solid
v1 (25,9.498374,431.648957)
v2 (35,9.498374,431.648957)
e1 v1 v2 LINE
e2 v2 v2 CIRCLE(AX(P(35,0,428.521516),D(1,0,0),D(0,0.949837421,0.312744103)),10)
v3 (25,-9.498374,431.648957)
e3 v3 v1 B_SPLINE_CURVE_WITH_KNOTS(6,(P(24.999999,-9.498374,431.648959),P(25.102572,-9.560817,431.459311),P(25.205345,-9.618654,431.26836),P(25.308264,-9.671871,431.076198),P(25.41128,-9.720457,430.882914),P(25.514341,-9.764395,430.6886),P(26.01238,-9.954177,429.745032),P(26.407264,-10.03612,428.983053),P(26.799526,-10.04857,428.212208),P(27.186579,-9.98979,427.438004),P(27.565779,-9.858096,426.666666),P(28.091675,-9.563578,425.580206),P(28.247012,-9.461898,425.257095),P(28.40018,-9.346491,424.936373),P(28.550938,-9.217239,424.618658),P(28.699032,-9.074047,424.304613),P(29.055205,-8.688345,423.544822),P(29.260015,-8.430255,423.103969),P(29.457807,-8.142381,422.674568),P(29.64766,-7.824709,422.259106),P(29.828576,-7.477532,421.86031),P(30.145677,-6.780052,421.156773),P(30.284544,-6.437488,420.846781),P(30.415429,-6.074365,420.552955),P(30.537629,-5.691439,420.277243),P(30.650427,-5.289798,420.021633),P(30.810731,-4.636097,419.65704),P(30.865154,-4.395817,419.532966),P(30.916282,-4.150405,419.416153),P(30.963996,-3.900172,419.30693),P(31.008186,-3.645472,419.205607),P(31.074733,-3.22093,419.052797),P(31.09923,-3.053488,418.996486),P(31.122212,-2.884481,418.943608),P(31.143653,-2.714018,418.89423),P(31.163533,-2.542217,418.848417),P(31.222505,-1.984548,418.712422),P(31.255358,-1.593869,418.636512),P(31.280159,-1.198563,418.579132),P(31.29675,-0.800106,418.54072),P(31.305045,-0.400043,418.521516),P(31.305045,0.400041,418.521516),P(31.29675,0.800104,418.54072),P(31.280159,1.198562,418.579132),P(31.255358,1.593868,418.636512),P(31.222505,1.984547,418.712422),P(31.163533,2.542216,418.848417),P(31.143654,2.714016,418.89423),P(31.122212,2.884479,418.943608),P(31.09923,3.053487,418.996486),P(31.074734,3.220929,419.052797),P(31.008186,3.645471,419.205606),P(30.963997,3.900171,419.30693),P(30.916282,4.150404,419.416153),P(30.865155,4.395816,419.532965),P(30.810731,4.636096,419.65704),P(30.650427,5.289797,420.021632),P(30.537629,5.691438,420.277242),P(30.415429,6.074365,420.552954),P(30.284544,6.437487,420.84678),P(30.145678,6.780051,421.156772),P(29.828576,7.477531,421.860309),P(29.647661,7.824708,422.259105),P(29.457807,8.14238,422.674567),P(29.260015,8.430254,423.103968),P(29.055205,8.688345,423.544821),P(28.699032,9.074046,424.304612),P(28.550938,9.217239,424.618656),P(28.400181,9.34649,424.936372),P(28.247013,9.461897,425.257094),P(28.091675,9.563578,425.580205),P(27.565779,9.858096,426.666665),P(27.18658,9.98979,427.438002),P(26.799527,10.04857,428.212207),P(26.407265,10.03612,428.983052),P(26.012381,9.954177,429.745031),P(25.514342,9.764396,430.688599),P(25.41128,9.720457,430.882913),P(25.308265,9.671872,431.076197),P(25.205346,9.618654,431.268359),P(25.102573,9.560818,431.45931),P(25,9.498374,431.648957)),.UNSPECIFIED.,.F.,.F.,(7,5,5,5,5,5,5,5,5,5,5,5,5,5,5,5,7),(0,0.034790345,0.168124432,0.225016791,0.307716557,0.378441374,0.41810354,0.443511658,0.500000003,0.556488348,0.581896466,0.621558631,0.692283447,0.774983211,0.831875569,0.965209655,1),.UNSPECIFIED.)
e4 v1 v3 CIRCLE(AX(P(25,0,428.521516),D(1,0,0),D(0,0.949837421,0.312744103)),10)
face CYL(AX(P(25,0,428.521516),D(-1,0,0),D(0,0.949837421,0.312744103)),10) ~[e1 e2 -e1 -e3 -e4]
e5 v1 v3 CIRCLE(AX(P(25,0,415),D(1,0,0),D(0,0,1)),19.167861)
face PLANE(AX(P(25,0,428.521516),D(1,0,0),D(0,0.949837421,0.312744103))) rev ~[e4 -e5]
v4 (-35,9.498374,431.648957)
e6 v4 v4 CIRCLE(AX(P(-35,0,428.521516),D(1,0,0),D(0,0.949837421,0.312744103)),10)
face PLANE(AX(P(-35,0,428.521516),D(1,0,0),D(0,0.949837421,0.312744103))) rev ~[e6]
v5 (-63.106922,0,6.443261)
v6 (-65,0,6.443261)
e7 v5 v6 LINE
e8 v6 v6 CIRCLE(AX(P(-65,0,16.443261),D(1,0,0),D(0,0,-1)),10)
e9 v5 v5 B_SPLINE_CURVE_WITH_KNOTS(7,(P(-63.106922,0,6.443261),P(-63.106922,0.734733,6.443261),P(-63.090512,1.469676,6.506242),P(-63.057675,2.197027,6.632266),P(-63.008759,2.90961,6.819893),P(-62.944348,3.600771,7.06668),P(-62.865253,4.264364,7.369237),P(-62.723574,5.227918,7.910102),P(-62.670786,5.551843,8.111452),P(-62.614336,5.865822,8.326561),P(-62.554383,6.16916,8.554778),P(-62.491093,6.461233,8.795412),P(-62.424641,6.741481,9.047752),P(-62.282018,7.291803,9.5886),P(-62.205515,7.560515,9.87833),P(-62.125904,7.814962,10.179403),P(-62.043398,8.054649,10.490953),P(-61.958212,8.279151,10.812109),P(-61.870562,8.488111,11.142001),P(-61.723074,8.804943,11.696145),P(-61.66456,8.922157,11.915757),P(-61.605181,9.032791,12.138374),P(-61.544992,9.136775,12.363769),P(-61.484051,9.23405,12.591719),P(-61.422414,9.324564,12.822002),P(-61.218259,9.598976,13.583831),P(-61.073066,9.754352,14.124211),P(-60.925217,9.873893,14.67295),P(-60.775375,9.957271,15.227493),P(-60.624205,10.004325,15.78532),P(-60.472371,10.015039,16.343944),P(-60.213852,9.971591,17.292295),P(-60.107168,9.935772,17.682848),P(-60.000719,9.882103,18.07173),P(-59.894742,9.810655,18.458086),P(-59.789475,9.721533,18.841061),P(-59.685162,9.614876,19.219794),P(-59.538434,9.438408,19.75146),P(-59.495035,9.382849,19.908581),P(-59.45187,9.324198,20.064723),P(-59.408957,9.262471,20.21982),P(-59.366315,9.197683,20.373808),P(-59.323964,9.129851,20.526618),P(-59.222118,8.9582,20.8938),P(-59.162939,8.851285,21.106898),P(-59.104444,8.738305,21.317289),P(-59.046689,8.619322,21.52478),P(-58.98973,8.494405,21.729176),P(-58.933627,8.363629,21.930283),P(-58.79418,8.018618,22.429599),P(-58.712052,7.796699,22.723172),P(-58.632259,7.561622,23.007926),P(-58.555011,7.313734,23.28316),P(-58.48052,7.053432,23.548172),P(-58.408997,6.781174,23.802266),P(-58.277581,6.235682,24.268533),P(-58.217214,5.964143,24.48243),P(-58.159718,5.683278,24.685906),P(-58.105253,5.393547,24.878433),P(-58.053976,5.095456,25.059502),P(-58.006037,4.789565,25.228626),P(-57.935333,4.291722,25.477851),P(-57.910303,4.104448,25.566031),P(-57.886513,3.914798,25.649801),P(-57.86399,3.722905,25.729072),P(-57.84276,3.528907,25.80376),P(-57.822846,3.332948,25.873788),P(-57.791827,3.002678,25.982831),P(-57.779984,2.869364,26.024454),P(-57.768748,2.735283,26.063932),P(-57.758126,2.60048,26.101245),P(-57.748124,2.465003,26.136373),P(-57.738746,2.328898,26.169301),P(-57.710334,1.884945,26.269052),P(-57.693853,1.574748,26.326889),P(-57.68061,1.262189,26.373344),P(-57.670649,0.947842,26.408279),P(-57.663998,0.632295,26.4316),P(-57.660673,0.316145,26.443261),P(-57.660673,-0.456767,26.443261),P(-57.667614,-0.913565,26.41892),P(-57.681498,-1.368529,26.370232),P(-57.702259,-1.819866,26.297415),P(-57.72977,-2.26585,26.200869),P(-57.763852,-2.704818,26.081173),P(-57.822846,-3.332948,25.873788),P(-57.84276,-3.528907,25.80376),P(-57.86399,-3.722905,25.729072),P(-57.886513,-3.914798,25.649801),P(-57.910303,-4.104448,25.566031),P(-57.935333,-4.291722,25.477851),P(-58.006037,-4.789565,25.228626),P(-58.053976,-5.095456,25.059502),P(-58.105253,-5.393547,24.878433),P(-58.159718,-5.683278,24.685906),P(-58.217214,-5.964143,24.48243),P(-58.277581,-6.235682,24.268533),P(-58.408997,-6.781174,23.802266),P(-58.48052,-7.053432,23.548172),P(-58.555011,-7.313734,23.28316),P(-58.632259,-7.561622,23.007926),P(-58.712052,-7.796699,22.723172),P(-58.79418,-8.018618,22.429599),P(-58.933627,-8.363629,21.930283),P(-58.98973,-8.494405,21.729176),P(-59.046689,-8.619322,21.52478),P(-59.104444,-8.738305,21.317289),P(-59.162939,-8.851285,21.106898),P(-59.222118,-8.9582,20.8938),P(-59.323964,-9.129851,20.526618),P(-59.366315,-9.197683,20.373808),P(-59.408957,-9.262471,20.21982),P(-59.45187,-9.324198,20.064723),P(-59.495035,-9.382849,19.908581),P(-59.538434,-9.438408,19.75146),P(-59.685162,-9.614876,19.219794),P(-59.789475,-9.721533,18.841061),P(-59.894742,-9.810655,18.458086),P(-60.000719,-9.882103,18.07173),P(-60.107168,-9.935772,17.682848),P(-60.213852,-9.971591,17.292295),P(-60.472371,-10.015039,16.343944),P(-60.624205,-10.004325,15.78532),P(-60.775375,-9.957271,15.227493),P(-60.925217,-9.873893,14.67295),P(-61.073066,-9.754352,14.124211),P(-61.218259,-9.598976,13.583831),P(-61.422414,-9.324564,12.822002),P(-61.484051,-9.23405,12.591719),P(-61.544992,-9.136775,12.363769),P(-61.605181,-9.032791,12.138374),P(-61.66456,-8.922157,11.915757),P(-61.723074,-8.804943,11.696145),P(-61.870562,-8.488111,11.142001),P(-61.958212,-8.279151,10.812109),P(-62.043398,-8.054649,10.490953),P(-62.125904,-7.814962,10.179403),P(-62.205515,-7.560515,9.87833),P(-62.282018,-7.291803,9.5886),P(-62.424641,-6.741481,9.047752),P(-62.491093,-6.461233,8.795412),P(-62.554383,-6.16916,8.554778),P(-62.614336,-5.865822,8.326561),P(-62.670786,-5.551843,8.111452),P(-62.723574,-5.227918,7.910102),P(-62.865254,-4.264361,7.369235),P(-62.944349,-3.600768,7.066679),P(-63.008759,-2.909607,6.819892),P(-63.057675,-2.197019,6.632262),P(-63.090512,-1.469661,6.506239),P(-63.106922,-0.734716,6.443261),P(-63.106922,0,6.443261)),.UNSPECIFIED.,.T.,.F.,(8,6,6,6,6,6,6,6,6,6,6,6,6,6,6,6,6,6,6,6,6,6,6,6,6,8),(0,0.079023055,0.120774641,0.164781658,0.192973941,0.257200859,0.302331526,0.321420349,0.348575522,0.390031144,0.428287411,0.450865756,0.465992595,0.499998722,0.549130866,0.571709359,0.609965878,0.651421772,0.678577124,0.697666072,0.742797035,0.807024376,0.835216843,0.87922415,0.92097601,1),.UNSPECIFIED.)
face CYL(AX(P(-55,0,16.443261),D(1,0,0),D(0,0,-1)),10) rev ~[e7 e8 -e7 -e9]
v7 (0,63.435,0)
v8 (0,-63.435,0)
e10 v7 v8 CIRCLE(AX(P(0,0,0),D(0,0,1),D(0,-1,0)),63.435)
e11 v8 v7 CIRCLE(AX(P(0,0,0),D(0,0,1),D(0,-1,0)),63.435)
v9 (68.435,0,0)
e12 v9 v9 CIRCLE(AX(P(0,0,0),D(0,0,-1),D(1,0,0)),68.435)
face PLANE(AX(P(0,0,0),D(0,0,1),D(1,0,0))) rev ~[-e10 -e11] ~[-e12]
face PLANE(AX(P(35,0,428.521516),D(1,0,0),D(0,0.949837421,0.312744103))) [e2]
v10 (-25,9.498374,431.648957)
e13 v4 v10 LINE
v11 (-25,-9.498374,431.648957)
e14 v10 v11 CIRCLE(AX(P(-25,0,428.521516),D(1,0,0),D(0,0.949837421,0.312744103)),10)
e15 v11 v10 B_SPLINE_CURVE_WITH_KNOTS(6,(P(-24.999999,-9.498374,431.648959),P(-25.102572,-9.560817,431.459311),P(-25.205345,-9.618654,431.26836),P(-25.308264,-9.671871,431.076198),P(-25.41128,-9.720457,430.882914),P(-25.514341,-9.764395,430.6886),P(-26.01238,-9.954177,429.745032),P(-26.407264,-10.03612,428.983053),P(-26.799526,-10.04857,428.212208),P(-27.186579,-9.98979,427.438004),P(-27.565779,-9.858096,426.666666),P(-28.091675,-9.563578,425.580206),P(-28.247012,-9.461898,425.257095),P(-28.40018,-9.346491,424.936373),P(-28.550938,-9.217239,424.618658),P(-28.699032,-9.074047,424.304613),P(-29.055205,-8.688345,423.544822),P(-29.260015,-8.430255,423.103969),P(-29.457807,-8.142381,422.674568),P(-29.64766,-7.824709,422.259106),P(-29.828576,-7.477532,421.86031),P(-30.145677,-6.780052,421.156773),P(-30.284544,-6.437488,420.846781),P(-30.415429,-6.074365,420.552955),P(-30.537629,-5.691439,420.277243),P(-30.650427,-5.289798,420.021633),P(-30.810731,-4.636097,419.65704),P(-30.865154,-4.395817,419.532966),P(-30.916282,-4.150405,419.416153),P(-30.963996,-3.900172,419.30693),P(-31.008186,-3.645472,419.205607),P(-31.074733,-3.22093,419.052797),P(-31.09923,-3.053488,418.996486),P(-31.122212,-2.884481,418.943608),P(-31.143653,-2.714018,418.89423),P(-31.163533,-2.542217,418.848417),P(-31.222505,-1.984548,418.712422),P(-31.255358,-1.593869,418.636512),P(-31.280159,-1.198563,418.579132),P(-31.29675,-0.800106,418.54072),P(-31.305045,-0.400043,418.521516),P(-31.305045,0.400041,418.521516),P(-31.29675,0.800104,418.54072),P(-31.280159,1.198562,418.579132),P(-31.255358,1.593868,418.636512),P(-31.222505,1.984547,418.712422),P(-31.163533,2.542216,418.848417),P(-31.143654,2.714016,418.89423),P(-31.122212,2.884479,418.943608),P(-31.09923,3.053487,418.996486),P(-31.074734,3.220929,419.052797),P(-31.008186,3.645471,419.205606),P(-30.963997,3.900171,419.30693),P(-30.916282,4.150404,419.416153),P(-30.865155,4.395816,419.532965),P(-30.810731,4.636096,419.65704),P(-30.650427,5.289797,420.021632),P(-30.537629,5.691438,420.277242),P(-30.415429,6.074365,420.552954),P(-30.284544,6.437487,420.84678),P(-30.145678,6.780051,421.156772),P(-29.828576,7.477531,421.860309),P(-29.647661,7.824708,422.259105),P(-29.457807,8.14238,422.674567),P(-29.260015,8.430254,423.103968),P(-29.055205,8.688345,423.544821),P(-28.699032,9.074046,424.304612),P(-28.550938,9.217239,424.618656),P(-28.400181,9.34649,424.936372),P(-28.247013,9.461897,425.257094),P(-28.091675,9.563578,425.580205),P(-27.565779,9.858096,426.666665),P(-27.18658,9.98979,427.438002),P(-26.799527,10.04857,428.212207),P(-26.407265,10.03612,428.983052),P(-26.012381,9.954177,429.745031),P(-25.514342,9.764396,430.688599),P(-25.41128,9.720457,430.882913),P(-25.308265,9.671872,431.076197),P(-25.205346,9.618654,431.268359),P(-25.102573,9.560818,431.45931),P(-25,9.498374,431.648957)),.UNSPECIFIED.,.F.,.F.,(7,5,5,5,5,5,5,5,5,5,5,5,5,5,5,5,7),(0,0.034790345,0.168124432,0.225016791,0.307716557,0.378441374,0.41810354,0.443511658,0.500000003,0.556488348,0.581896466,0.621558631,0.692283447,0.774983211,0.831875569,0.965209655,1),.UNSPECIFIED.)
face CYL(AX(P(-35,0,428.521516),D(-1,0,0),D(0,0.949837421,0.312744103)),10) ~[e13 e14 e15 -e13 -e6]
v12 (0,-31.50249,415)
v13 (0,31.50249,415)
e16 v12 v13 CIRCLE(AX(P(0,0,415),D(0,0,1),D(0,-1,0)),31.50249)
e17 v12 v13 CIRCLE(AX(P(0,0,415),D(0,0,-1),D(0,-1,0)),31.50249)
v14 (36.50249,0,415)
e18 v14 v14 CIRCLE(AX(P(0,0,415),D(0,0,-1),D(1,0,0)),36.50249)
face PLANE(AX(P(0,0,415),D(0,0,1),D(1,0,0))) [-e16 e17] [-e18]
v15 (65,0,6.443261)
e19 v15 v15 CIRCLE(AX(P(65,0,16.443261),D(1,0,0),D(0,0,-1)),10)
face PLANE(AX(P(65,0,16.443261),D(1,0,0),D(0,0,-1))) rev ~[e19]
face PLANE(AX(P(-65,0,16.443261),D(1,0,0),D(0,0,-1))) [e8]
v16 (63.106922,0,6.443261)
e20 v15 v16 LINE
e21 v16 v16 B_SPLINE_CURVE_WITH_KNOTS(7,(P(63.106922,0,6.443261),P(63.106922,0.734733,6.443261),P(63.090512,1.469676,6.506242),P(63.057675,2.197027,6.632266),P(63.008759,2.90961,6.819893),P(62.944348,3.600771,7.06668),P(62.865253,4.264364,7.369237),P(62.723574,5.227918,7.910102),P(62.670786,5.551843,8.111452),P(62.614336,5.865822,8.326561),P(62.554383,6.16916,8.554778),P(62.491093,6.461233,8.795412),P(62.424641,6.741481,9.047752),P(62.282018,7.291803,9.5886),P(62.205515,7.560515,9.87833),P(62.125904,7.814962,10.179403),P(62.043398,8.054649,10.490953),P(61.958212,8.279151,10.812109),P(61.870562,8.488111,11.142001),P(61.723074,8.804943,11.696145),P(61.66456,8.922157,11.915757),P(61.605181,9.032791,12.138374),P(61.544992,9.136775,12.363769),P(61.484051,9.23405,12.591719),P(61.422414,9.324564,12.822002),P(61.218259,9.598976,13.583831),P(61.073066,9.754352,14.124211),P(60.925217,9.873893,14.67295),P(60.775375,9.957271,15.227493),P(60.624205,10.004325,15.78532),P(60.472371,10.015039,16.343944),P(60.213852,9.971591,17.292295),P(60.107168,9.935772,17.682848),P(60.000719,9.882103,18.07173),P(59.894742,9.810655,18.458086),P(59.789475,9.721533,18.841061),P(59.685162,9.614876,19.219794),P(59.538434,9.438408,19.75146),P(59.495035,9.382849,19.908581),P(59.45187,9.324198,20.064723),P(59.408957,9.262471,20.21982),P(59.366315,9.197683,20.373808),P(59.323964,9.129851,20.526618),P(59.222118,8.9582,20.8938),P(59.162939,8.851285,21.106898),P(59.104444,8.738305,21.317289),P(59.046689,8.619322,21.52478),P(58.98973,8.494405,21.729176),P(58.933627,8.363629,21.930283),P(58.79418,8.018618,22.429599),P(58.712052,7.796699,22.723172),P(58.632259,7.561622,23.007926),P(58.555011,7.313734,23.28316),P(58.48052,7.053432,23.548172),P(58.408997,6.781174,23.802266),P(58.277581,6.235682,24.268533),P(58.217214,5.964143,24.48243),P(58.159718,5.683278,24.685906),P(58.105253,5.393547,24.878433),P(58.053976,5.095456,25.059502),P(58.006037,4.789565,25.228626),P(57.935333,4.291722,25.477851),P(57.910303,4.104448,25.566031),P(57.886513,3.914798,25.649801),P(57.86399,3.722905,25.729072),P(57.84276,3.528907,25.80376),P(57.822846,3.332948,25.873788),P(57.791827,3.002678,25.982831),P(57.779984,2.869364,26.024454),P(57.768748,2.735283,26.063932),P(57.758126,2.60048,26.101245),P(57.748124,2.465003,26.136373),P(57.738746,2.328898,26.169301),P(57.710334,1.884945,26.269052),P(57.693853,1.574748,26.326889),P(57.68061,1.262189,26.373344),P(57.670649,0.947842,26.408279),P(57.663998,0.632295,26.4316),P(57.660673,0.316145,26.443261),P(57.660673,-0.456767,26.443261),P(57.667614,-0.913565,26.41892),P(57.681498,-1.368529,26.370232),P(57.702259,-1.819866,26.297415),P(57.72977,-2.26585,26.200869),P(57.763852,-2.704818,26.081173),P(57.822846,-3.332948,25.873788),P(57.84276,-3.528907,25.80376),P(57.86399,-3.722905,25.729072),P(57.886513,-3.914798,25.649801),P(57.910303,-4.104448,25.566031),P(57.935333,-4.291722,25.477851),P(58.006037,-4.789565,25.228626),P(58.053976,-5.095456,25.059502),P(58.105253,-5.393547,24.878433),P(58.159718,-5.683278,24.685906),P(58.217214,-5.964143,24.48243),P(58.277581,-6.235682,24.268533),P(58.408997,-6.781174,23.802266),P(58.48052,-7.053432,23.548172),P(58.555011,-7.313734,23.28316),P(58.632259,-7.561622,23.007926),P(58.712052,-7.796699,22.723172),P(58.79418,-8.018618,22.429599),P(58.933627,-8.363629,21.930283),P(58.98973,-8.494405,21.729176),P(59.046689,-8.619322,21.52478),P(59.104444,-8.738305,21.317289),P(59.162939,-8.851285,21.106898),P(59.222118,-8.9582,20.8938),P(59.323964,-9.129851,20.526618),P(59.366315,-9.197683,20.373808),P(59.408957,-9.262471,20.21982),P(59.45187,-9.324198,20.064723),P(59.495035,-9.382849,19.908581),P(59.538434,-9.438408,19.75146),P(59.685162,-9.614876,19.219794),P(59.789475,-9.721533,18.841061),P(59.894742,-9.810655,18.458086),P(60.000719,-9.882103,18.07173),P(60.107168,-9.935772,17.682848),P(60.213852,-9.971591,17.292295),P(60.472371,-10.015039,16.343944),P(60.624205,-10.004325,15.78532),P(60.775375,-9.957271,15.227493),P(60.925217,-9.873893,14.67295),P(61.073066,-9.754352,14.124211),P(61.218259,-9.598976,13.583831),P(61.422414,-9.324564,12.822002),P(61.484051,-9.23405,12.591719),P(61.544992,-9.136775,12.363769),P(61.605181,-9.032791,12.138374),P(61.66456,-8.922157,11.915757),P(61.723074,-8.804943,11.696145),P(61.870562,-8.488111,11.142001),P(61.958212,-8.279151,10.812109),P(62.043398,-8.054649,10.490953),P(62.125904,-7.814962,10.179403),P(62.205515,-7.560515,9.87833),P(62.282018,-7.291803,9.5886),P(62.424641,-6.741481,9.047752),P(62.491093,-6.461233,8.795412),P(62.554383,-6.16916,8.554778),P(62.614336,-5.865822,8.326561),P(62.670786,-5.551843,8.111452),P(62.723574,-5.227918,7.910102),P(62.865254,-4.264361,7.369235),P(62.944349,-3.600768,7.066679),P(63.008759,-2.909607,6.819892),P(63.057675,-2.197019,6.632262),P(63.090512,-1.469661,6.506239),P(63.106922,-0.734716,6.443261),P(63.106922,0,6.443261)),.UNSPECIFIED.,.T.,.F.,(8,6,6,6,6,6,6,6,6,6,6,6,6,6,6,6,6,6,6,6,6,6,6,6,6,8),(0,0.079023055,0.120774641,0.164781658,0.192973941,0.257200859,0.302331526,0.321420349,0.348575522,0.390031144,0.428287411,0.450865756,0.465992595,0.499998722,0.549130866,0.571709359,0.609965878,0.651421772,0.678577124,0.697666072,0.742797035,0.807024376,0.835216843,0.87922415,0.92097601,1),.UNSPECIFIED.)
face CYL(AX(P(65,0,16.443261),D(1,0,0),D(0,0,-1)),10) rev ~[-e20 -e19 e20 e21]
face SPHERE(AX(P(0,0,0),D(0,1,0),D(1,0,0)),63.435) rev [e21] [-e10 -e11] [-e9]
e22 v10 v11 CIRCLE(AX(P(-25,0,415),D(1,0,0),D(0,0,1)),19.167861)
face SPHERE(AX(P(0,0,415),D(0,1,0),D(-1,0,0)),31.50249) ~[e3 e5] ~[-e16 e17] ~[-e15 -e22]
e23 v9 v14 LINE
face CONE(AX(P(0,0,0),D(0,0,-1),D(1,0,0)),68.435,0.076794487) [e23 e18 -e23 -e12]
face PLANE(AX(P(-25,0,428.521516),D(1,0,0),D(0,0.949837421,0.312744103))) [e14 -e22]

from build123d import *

# Parameters (mm, degrees)
SKETCH1_R           = 68.435
BOSS_EXTRUDE1_DEPTH = 415
BOSS_EXTRUDE1_TAPER = 4.4
SKETCH5_R           = 10
CUT_EXTRUDE1_DEPTH  = 10
CUT_EXTRUDE4_START  = 10
SKETCH4_R           = 10
CUT_EXTRUDE4_DEPTH  = 10
SKETCH9_R           = 10
BOSS_EXTRUDE2_DEPTH = 10
BOSS_EXTRUDE3_START = -10
SKETCH8_R           = 10
BOSS_EXTRUDE3_DEPTH = 10


with BuildPart() as part:
    # Sketch1 → Boss-Extrude1 (new body)
    with BuildSketch(Plane.XY):
        Circle(SKETCH1_R)
    extrude(amount=BOSS_EXTRUDE1_DEPTH, taper=BOSS_EXTRUDE1_TAPER)

    # Sketch2 → Revolve1 (revolve)
    with BuildSketch(Plane.XY.offset(415)):
        with BuildLine():
            Line((0, 31.50249031), (0, -31.50249031))
            ThreePointArc((0, -31.50249031), (-31.50249031, 0), (0, 31.50249031))
        make_face()
    revolve(axis=Axis((0, 31.50249031, 415), (0, -1, 0)))

    # Sketch3 → Cut-Revolve1 (revolve, cut)
    with BuildSketch(Plane(origin=(0, 0, 0), x_dir=(-1, 0, 0), z_dir=(0, 0, -1))):
        with BuildLine():
            Line((0, 63.435), (0, -63.435))
            ThreePointArc((0, -63.435), (-63.435, 0), (0, 63.435))
        make_face()
    revolve(axis=Axis((0, 63.435, 0), (0, -1, 0)), mode=Mode.SUBTRACT)

    # Sketch5 → Cut-Extrude1 (cut)
    with BuildSketch(Plane(origin=(-55, 0, 0), x_dir=(0, 0, -1), z_dir=(1, 0, 0))):
        with Locations((-16.443260801, 0)):
            Circle(SKETCH5_R)
    extrude(amount=-CUT_EXTRUDE1_DEPTH, mode=Mode.SUBTRACT)

    # Sketch4 → Cut-Extrude4 (cut)
    with BuildSketch(Plane(origin=(55, 0, 0), x_dir=(0, 0, -1), z_dir=(1, 0, 0)).offset(CUT_EXTRUDE4_START)):
        with Locations((-16.443260801, 0)):
            Circle(SKETCH4_R)
    extrude(amount=-CUT_EXTRUDE4_DEPTH, mode=Mode.SUBTRACT)

    # Sketch9 → Boss-Extrude2 (add)
    with BuildSketch(Plane(origin=(25, 0, 0), x_dir=(0, 0, -1), z_dir=(1, 0, 0))):
        with Locations(Location((-428.521516395, 0, 0), (0, 0, 108.224680934))):
            Circle(SKETCH9_R)
    extrude(amount=BOSS_EXTRUDE2_DEPTH)

    # Sketch8 → Boss-Extrude3 (add)
    with BuildSketch(Plane(origin=(-25, 0, 0), x_dir=(0, 0, -1), z_dir=(1, 0, 0)).offset(BOSS_EXTRUDE3_START)):
        with Locations(Location((-428.521516395, 0, 0), (0, 0, 108.224680934))):
            Circle(SKETCH8_R)
    extrude(amount=BOSS_EXTRUDE3_DEPTH)


solid = part.part
